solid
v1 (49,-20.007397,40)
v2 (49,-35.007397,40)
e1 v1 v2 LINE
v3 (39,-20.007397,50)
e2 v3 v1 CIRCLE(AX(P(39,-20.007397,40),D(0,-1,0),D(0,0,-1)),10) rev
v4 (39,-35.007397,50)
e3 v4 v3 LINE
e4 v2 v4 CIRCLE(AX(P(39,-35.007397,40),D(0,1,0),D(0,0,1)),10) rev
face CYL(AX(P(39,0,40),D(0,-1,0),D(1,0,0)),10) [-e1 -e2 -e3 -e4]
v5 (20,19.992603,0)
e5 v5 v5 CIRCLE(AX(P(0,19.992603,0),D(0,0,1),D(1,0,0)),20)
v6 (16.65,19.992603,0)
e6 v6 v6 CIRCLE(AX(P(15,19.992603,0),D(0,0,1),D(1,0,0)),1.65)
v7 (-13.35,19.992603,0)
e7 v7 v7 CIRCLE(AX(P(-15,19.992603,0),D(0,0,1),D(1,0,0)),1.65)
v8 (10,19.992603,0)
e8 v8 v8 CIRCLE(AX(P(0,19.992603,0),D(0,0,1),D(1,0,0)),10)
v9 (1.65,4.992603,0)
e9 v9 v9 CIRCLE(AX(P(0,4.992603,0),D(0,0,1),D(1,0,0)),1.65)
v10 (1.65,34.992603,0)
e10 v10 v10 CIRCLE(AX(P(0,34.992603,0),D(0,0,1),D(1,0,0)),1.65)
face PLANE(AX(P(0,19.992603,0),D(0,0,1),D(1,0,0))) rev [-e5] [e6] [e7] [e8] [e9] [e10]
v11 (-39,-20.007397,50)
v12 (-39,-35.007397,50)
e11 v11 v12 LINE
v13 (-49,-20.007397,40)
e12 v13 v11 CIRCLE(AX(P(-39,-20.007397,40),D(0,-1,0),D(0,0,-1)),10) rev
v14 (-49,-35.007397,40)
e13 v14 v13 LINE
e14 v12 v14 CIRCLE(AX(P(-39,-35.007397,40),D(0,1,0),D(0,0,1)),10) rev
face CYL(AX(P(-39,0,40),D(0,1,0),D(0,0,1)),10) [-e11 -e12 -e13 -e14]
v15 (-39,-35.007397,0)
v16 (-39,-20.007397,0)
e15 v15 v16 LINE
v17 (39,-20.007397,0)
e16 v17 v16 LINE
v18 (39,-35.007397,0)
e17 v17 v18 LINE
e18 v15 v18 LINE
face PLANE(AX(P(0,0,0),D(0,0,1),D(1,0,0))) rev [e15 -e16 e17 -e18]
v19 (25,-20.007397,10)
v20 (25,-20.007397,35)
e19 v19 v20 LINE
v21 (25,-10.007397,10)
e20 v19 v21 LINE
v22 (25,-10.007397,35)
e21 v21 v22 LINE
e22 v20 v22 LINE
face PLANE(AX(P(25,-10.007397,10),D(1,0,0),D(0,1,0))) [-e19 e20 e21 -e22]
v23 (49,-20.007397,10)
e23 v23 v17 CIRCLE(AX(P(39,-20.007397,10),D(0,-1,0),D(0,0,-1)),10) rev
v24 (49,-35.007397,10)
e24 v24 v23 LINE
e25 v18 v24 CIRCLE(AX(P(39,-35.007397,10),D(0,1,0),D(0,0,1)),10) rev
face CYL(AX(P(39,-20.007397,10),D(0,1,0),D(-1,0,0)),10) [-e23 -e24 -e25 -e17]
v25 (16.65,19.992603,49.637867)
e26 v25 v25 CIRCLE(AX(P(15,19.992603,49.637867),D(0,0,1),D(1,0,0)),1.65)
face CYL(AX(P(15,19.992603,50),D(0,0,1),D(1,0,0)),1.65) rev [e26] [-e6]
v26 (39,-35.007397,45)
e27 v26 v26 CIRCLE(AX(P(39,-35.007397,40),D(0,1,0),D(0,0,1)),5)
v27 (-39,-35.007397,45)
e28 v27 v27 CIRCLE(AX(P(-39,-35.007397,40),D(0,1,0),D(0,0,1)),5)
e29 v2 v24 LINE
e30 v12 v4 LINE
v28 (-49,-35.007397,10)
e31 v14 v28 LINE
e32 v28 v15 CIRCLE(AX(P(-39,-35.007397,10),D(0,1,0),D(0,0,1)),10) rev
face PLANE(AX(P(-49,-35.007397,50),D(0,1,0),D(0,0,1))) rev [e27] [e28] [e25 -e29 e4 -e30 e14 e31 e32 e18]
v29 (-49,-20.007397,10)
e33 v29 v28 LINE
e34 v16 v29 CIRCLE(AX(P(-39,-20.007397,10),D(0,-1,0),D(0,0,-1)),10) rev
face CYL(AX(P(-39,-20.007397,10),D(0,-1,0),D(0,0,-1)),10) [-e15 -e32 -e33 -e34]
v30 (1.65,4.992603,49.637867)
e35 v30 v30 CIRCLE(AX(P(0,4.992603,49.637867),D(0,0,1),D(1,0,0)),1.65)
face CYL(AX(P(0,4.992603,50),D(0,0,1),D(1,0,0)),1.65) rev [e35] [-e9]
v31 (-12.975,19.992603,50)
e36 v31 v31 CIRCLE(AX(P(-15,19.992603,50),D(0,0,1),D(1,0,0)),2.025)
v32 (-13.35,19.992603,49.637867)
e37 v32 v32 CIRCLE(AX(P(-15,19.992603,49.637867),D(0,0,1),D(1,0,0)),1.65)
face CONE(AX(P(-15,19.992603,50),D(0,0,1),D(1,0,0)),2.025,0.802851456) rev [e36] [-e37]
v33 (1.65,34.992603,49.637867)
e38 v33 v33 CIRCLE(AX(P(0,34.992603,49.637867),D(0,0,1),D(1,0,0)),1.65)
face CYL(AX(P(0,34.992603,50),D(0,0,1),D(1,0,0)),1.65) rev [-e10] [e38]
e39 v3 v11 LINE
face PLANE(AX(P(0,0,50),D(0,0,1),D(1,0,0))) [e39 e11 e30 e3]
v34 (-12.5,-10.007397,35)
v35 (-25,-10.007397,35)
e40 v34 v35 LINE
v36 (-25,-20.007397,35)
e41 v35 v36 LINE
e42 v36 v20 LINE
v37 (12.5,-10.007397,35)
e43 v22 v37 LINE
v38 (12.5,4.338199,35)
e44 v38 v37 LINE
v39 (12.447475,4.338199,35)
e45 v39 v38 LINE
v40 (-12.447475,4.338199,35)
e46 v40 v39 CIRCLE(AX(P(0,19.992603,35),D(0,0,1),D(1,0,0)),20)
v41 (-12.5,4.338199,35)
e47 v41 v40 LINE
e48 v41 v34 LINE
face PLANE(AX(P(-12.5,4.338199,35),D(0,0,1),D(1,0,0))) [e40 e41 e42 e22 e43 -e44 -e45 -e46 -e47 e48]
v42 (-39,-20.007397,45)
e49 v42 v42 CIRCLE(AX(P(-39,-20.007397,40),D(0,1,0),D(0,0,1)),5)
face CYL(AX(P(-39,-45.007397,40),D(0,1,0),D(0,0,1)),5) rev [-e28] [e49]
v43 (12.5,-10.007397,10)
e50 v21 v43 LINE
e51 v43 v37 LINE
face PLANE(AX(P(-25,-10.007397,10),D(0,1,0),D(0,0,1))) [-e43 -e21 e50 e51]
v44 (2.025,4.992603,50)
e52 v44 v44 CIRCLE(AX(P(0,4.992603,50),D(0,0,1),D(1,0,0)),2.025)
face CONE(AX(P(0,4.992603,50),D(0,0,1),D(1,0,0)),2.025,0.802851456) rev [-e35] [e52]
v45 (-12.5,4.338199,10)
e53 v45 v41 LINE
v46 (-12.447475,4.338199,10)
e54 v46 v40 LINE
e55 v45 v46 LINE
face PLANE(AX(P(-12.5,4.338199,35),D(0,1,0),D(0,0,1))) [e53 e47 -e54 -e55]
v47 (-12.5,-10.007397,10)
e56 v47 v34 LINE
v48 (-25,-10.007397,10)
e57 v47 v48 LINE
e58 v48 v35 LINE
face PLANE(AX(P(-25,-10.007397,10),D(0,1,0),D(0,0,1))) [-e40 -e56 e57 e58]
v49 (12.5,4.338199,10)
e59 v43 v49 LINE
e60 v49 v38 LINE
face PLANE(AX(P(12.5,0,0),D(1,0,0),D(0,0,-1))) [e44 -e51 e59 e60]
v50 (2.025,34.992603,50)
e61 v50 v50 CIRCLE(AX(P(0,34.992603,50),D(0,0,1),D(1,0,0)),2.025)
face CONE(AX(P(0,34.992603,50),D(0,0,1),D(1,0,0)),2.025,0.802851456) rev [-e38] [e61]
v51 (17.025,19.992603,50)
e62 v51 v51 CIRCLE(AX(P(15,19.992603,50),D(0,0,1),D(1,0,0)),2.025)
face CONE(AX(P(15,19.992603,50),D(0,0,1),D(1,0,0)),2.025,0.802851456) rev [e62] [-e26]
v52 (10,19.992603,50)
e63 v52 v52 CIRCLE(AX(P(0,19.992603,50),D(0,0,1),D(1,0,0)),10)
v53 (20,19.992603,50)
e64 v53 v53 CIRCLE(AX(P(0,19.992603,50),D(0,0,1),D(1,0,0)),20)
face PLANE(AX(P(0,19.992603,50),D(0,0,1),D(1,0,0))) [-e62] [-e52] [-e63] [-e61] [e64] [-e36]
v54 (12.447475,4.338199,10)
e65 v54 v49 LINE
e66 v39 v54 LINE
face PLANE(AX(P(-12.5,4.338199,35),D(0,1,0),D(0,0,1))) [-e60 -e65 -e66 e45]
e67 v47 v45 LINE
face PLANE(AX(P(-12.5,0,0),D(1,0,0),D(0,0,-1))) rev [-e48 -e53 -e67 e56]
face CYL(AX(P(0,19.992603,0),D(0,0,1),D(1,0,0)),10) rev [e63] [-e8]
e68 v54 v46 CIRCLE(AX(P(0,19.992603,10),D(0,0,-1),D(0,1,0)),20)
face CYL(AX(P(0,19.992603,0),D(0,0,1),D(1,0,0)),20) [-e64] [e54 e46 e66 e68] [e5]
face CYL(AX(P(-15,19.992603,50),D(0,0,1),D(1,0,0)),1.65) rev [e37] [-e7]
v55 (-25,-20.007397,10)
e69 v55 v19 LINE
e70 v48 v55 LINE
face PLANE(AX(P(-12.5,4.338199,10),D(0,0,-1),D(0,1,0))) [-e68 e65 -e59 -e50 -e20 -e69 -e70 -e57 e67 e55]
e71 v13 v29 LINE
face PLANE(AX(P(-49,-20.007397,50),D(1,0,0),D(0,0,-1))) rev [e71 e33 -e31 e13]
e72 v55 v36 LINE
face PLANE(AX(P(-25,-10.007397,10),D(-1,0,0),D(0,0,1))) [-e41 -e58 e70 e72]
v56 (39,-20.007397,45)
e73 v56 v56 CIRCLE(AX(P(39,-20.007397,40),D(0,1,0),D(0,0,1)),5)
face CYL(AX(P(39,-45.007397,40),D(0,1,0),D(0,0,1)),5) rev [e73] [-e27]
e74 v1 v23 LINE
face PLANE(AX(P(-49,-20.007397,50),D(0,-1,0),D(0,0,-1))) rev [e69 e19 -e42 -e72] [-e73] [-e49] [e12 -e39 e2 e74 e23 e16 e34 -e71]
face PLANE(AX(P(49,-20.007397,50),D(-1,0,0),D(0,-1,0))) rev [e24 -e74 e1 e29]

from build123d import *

# Parameters (mm, degrees)
SKETCH_1_W                   = 98
SKETCH_1_H                   = 15
EXTRUDE_1_DEPTH              = 50
SKETCH_2_R                   = 20
SKETCH_2_R_2                 = 10
EXTRUDE_2_DEPTH              = 50
SKETCH_4_W                   = 25
SKETCH_4_H                   = 24.3455958
EXTRUDE_3_DEPTH              = 12.5
FILLET_1_R                   = 10
SKETCH_7_R                   = 5
CUT_EXTRUDE_1_DEPTH          = 25
HOLE_WIZARD_M4_1_D           = 3.3
HOLE_WIZARD_M4_1_CSINK_D     = 4.05
HOLE_WIZARD_M4_1_CSINK_ANGLE = 92
SKETCH_12_W                  = 50
SKETCH_12_H                  = 10
EXTRUDE_4_DEPTH              = 25


with BuildPart() as part:
    # 스케치1 → 보스-돌출1 (new body)
    with BuildSketch(Plane.XY):
        with Locations((0, -27.507396928)):
            Rectangle(SKETCH_1_W, SKETCH_1_H)
    extrude(amount=EXTRUDE_1_DEPTH)



with BuildPart() as body_2:
    # 스케치2 → 보스-돌출2 (new body)
    with BuildSketch(Plane.XY.offset(50)):
        with Locations((0, 19.992603072)):
            Circle(SKETCH_2_R)
        with Locations((0, 19.992603072)):
            Circle(SKETCH_2_R_2, mode=Mode.SUBTRACT)
    extrude(amount=-EXTRUDE_2_DEPTH)


with BuildPart() as part_1:
    add(part.part)

    add(body_2.part)  # 보스-돌출3 merges body 2
    # 스케치4 → 보스-돌출3 (add, symmetric)
    with BuildSketch(Plane(origin=(0, 0, 0), x_dir=(0, 0, -1), z_dir=(1, 0, 0))):
        with Locations((-22.5, -7.834599028)):
            Rectangle(SKETCH_4_W, SKETCH_4_H)
    extrude(amount=EXTRUDE_3_DEPTH, both=True)

    # 필렛1
    fillet_1_edges = [part_1.edges().sort_by_distance(p)[0] for p in [
        (-49, -27.507396928, 50),
        (49, -27.507396928, 50),
        (-49, -27.507396928, 0),
        (49, -27.507396928, 0),
    ]]
    fillet(fillet_1_edges, radius=FILLET_1_R)

    # 스케치7 → 컷-돌출1 (cut)
    with BuildSketch(Plane(origin=(0, -20.007396928, 0), x_dir=(1, 0, 0), z_dir=(0, 1, 0))):
        with Locations(Location((-39, -40, 0), (0, 0, 270))):
            Circle(SKETCH_7_R)
        with Locations(Location((39, -40, 0), (0, 0, 270))):
            Circle(SKETCH_7_R)
    extrude(amount=-CUT_EXTRUDE_1_DEPTH, mode=Mode.SUBTRACT)

    # M4 나사 구멍1 (through all)
    with Locations(Plane(origin=(0, 34.992603072, 50), x_dir=(1, 0, 0), z_dir=(0, 0, 1))):
        with Locations((0, 0), (-15, -15), (15, -15), (0, -30)):
            CounterSinkHole(HOLE_WIZARD_M4_1_D / 2, HOLE_WIZARD_M4_1_CSINK_D / 2, counter_sink_angle=HOLE_WIZARD_M4_1_CSINK_ANGLE)

    # 스케치12 → 보스-돌출4 (add)
    with BuildSketch(Plane.XY.offset(35)):
        with Locations((0, -15.007396928)):
            Rectangle(SKETCH_12_W, SKETCH_12_H)
    extrude(amount=-EXTRUDE_4_DEPTH)


solid = part_1.part
